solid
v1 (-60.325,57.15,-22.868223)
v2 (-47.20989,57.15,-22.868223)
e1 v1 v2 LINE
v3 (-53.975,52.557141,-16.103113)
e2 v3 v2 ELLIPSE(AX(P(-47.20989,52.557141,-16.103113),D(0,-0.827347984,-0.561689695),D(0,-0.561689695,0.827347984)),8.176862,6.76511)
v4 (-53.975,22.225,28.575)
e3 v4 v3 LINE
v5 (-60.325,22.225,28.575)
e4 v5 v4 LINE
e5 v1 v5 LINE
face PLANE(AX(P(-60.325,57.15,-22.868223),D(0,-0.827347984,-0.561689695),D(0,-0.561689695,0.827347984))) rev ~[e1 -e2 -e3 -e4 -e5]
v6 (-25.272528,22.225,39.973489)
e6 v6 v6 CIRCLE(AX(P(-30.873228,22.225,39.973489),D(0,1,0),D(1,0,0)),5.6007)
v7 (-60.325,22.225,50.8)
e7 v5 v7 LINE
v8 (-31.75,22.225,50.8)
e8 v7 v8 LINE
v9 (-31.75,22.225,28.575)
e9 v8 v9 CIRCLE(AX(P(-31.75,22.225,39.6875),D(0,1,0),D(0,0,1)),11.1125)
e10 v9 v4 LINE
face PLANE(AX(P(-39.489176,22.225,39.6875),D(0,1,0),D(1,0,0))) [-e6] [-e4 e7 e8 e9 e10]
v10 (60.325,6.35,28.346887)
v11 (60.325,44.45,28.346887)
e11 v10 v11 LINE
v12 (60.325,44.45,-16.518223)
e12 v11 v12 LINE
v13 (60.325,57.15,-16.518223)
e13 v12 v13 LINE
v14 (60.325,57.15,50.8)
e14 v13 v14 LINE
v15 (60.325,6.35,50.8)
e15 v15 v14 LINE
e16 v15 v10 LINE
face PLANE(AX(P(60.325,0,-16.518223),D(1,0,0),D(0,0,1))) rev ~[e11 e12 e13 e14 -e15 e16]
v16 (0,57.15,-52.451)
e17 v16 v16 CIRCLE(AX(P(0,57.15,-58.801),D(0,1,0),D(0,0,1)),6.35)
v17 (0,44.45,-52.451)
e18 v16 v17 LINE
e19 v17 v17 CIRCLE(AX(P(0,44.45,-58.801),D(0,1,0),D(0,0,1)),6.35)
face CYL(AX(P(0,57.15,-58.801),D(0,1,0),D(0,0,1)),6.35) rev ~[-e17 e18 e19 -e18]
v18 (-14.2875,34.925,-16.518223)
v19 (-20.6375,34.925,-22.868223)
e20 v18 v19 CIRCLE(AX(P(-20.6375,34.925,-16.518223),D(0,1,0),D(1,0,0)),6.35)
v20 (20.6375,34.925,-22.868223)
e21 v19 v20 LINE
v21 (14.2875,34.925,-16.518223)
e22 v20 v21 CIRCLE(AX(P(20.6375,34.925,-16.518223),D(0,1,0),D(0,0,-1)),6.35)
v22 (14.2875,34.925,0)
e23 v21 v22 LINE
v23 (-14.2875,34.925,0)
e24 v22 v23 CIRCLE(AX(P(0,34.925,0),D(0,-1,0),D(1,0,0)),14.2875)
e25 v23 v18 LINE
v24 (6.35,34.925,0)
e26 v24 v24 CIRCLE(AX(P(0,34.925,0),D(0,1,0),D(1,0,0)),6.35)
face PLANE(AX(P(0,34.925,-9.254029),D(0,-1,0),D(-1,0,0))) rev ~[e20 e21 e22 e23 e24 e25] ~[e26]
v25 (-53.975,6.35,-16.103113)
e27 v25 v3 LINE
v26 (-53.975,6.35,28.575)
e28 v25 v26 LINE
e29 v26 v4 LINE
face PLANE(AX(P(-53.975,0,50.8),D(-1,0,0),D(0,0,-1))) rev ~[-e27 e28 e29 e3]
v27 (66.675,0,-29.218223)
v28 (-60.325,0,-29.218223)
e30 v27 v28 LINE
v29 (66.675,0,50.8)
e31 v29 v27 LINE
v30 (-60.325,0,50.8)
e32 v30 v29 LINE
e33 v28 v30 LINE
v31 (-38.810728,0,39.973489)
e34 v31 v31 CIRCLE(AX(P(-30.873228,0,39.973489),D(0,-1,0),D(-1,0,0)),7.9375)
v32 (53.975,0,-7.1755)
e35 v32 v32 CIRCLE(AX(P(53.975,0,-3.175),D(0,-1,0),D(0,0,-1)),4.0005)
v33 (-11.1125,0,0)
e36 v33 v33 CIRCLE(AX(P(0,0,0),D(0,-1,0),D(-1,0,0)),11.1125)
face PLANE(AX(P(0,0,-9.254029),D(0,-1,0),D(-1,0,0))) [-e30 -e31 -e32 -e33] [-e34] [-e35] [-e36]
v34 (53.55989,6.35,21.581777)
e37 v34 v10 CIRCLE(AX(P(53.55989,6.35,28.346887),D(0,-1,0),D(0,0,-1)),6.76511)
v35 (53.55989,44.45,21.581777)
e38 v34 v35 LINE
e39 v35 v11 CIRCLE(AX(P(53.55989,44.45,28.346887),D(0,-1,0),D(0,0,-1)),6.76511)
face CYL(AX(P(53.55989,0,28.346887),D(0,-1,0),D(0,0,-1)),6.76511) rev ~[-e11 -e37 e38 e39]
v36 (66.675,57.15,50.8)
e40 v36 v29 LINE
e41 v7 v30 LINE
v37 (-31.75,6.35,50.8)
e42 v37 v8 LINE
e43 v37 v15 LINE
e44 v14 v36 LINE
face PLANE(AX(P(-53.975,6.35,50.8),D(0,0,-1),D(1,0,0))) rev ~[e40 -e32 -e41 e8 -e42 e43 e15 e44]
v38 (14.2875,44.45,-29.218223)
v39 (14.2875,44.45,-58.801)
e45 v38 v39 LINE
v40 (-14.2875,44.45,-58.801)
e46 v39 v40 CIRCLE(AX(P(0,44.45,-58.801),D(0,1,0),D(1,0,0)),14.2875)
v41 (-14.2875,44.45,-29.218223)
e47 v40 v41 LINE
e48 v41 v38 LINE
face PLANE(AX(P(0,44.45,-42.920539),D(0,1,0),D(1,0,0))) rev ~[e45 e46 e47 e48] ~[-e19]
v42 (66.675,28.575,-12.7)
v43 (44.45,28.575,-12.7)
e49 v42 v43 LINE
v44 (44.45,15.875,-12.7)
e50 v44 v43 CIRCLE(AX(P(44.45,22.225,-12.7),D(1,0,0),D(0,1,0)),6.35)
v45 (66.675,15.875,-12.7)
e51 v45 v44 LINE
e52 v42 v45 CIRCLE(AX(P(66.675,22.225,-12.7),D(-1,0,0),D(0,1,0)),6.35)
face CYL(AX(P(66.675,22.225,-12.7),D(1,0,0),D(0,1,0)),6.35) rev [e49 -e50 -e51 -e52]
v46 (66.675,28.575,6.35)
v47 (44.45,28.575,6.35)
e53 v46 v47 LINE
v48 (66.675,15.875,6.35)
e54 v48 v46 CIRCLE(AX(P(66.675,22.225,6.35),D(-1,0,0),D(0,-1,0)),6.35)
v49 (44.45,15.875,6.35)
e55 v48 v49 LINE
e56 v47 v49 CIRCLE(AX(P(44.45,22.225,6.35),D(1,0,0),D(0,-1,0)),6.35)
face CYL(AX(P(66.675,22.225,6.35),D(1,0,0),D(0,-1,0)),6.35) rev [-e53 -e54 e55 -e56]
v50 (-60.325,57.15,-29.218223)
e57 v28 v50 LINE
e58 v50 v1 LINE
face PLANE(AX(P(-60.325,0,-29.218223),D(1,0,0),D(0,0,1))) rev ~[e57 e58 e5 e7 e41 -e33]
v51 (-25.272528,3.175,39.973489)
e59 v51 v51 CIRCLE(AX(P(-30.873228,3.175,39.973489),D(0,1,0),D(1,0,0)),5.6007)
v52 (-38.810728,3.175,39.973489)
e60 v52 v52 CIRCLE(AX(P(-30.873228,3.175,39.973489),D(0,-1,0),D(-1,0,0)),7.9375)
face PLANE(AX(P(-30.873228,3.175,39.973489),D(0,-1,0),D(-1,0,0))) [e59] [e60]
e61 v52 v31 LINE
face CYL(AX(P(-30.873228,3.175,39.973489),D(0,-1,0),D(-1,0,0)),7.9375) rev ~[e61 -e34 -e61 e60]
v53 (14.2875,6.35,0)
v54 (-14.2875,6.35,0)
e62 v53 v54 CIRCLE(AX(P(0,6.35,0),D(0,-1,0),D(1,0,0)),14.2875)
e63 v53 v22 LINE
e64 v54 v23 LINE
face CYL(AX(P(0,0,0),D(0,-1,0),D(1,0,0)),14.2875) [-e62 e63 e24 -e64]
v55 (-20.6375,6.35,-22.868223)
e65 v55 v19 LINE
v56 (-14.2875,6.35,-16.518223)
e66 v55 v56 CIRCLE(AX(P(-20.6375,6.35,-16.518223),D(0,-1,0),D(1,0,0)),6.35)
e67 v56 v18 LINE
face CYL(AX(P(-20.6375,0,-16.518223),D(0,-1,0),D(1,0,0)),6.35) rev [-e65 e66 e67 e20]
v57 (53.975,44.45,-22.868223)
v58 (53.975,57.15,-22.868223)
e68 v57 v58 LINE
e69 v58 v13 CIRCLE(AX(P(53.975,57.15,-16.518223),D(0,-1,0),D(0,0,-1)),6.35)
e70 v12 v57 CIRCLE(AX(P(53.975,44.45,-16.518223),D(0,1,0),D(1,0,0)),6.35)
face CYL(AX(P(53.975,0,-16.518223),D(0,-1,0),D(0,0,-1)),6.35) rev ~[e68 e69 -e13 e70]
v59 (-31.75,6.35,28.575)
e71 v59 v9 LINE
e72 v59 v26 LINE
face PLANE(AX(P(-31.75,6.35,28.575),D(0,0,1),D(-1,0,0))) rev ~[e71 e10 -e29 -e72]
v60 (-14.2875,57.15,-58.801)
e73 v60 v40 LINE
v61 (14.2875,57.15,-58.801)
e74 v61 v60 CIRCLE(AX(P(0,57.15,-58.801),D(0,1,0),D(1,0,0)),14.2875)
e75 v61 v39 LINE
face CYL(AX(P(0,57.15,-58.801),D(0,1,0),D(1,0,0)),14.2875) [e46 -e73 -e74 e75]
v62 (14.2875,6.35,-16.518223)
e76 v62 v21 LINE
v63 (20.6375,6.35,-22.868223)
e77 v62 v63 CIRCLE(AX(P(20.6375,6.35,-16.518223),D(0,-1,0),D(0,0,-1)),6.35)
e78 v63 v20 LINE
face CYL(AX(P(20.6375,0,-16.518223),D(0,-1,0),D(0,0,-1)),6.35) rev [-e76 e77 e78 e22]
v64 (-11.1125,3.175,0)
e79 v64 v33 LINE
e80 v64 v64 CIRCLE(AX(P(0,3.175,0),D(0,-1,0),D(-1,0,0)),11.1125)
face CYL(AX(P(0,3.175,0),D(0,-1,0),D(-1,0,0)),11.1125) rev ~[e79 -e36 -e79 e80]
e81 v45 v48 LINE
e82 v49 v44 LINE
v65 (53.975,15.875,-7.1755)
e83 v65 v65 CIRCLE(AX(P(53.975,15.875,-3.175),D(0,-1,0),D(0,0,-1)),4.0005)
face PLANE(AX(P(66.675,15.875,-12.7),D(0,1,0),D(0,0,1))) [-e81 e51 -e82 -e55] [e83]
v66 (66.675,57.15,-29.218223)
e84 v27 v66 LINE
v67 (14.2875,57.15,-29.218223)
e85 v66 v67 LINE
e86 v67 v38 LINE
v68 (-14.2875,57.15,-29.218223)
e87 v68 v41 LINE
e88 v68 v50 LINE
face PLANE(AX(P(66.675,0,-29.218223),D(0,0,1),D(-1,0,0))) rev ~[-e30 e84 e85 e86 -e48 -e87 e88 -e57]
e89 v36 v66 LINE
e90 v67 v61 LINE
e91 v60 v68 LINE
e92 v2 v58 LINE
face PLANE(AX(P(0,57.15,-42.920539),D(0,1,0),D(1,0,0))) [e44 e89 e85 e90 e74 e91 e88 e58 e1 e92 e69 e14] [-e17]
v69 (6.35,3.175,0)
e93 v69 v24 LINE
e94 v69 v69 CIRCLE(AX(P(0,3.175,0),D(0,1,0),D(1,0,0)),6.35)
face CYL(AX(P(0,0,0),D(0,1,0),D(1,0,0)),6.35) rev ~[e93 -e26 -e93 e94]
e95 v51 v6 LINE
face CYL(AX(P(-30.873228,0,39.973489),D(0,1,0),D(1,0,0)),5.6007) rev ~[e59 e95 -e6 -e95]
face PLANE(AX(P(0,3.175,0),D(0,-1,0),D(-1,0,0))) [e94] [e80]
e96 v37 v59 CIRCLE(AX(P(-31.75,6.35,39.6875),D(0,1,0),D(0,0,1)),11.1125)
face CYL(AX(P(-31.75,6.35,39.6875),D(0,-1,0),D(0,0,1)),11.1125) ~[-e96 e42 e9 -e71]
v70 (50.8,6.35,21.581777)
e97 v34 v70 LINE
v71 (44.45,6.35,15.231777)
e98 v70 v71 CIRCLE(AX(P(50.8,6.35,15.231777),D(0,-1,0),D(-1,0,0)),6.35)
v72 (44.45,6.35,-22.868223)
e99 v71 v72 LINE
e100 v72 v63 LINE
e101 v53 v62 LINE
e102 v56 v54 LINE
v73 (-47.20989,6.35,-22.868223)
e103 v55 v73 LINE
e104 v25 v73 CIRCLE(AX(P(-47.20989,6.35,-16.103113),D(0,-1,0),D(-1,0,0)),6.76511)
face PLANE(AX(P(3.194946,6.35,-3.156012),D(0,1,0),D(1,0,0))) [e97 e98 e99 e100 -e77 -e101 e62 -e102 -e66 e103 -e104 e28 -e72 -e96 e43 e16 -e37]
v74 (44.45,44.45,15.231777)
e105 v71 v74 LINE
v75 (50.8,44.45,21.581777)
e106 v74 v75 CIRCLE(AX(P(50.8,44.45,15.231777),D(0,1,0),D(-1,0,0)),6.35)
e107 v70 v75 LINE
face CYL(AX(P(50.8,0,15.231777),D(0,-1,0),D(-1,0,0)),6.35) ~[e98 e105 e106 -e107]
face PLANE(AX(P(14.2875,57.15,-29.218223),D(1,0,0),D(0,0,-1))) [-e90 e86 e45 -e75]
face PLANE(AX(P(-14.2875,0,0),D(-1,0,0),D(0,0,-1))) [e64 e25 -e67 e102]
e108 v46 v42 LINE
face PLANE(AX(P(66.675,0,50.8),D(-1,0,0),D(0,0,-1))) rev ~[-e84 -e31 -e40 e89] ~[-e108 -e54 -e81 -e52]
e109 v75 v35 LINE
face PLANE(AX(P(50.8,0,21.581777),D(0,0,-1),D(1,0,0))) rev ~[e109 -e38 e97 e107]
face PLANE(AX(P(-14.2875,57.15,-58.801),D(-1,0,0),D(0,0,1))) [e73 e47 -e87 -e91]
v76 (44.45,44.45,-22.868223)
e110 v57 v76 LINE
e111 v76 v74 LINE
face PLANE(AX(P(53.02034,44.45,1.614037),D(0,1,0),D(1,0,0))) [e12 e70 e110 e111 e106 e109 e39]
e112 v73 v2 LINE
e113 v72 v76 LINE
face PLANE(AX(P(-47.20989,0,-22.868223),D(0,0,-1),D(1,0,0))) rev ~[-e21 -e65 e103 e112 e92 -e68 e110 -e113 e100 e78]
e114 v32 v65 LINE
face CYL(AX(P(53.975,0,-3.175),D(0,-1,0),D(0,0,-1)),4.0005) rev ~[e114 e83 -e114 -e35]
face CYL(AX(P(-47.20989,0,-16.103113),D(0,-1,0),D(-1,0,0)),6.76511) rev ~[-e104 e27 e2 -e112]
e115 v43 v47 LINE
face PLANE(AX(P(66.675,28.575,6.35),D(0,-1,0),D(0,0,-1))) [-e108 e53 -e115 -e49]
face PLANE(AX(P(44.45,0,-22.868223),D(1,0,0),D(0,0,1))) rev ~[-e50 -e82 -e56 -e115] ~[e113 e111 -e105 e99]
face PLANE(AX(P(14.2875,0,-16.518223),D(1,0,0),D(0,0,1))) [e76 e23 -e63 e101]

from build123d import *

# Parameters (mm, degrees)
BOSS_EXTRUDE1_DEPTH                                  = 6.35
BOSS_EXTRUDE2_DEPTH                                  = 57.15
BOSS_EXTRUDE3_DEPTH                                  = 44.45
BOSS_EXTRUDE4_DEPTH                                  = 34.925
SKETCH4_R                                            = 14.2875
SKETCH4_R_2                                          = 6.35
BOSS_EXTRUDE5_DEPTH                                  = 12.7
CUT_EXTRUDE1_REACH                                   = 159.28
BOSS_EXTRUDE6_DEPTH                                  = 15.875
CBORE_FOR_M5_CROSS_RECESS_PAN_HEAD_SCREW_D           = 11.2014
CBORE_FOR_M5_CROSS_RECESS_PAN_HEAD_SCREW_CBORE_D     = 15.875
CBORE_FOR_M5_CROSS_RECESS_PAN_HEAD_SCREW_CBORE_DEPTH = 3.175
CBORE_FOR_M5_CROSS_RECESS_PAN_HEAD_S_2_D             = 12.7
CBORE_FOR_M5_CROSS_RECESS_PAN_HEAD_S_2_CBORE_D       = 22.225
CBORE_FOR_M5_CROSS_RECESS_PAN_HEAD_S_2_CBORE_DEPTH   = 3.175
CUT_EXTRUDE3_REACH                                   = 159.28
CUT_EXTRUDE4_REACH                                   = 116.252
SKETCH18_R                                           = 4.0005


with BuildPart() as part:
    # Sketch1 → Boss-Extrude1 (new body)
    with BuildSketch(Plane(origin=(0, 0, 0), x_dir=(1, 0, 0), z_dir=(0, 1, 0))):
        with BuildLine():
            Line((60.325, 16.51822322), (60.325, -28.346886894))
            Line((60.325, -28.346886894), (60.325, -50.8))
            Line((60.325, -50.8), (66.675, -50.8))
            Line((66.675, -50.8), (66.675, 29.21822322))
            Line((66.675, 29.21822322), (-60.325, 29.21822322))
            Line((-60.325, 29.21822322), (-60.325, -50.8))
            Line((-60.325, -50.8), (-53.975, -50.8))
            Line((-53.975, -50.8), (-53.975, -44.45))
            Line((-53.975, -44.45), (-53.975, 16.103113106))
            ThreePointArc((-53.975, 16.103113106), (-51.993545123, 20.886768343), (-47.209889886, 22.86822322))
            Line((-47.209889886, 22.86822322), (-20.6375, 22.86822322))
            Line((-20.6375, 22.86822322), (20.6375, 22.86822322))
            Line((20.6375, 22.86822322), (44.45, 22.86822322))
            Line((44.45, 22.86822322), (53.975, 22.86822322))
            ThreePointArc((53.975, 22.86822322), (58.465128061, 21.00835128), (60.325, 16.51822322))
        make_face()
        with BuildLine():
            Line((60.325, -50.8), (60.325, -28.346886894))
            ThreePointArc((60.325, -28.346886894), (58.343545123, -23.563231657), (53.559889886, -21.58177678))
            Line((53.559889886, -21.58177678), (50.8, -21.58177678))
            ThreePointArc((50.8, -21.58177678), (46.309871939, -19.721904841), (44.45, -15.23177678))
            Line((44.45, -15.23177678), (44.45, 22.86822322))
            Line((44.45, 22.86822322), (20.6375, 22.86822322))
            ThreePointArc((20.6375, 22.86822322), (16.147371939, 21.00835128), (14.2875, 16.51822322))
            Line((14.2875, 16.51822322), (14.2875, 0))
            ThreePointArc((14.2875, 0), (0, -14.2875), (-14.2875, 0))
            Line((-14.2875, 0), (-14.2875, 16.51822322))
            ThreePointArc((-14.2875, 16.51822322), (-16.147371939, 21.00835128), (-20.6375, 22.86822322))
            Line((-20.6375, 22.86822322), (-47.209889886, 22.86822322))
            ThreePointArc((-47.209889886, 22.86822322), (-51.993545123, 20.886768343), (-53.975, 16.103113106))
            Line((-53.975, 16.103113106), (-53.975, -44.45))
            Line((-53.975, -44.45), (-53.975, -50.8))
            Line((-53.975, -50.8), (-47.625, -50.8))
            Line((-47.625, -50.8), (60.325, -50.8))
        make_face()
        with BuildLine():
            Line((-20.6375, 22.86822322), (20.6375, 22.86822322))
            ThreePointArc((20.6375, 22.86822322), (16.147371939, 21.00835128), (14.2875, 16.51822322))
            Line((14.2875, 16.51822322), (14.2875, 0))
            ThreePointArc((14.2875, 0), (0, -14.2875), (-14.2875, 0))
            Line((-14.2875, 0), (-14.2875, 16.51822322))
            ThreePointArc((-14.2875, 16.51822322), (-16.147371939, 21.00835128), (-20.6375, 22.86822322))
        make_face()
        with BuildLine():
            ThreePointArc((53.559889886, -21.58177678), (58.343545123, -23.563231657), (60.325, -28.346886894))
            Line((60.325, -28.346886894), (60.325, 16.51822322))
            ThreePointArc((60.325, 16.51822322), (58.465128061, 21.00835128), (53.975, 22.86822322))
            Line((53.975, 22.86822322), (44.45, 22.86822322))
            Line((44.45, 22.86822322), (44.45, -15.23177678))
            ThreePointArc((44.45, -15.23177678), (46.309871939, -19.721904841), (50.8, -21.58177678))
            Line((50.8, -21.58177678), (53.559889886, -21.58177678))
        make_face()
    extrude(amount=BOSS_EXTRUDE1_DEPTH)

    # Sketch1<4> → Boss-Extrude2 (add)
    with BuildSketch(Plane(origin=(0, 0, 0), x_dir=(1, 0, 0), z_dir=(0, 1, 0))):
        with BuildLine():
            Line((60.325, 16.51822322), (60.325, -28.346886894))
            Line((60.325, -28.346886894), (60.325, -50.8))
            Line((60.325, -50.8), (66.675, -50.8))
            Line((66.675, -50.8), (66.675, 29.21822322))
            Line((66.675, 29.21822322), (-60.325, 29.21822322))
            Line((-60.325, 29.21822322), (-60.325, -50.8))
            Line((-60.325, -50.8), (-53.975, -50.8))
            Line((-53.975, -50.8), (-53.975, -44.45))
            Line((-53.975, -44.45), (-53.975, 16.103113106))
            ThreePointArc((-53.975, 16.103113106), (-51.993545123, 20.886768343), (-47.209889886, 22.86822322))
            Line((-47.209889886, 22.86822322), (-20.6375, 22.86822322))
            Line((-20.6375, 22.86822322), (20.6375, 22.86822322))
            Line((20.6375, 22.86822322), (44.45, 22.86822322))
            Line((44.45, 22.86822322), (53.975, 22.86822322))
            ThreePointArc((53.975, 22.86822322), (58.465128061, 21.00835128), (60.325, 16.51822322))
        make_face()
    extrude(amount=BOSS_EXTRUDE2_DEPTH)

    # Sketch1<5> → Boss-Extrude3 (add)
    with BuildSketch(Plane(origin=(0, 0, 0), x_dir=(1, 0, 0), z_dir=(0, 1, 0))):
        with BuildLine():
            ThreePointArc((53.559889886, -21.58177678), (58.343545123, -23.563231657), (60.325, -28.346886894))
            Line((60.325, -28.346886894), (60.325, 16.51822322))
            ThreePointArc((60.325, 16.51822322), (58.465128061, 21.00835128), (53.975, 22.86822322))
            Line((53.975, 22.86822322), (44.45, 22.86822322))
            Line((44.45, 22.86822322), (44.45, -15.23177678))
            ThreePointArc((44.45, -15.23177678), (46.309871939, -19.721904841), (50.8, -21.58177678))
            Line((50.8, -21.58177678), (53.559889886, -21.58177678))
        make_face()
    extrude(amount=BOSS_EXTRUDE3_DEPTH)

    # Sketch1<6> → Boss-Extrude4 (add)
    with BuildSketch(Plane(origin=(0, 0, 0), x_dir=(1, 0, 0), z_dir=(0, 1, 0))):
        with BuildLine():
            Line((-20.6375, 22.86822322), (20.6375, 22.86822322))
            ThreePointArc((20.6375, 22.86822322), (16.147371939, 21.00835128), (14.2875, 16.51822322))
            Line((14.2875, 16.51822322), (14.2875, 0))
            ThreePointArc((14.2875, 0), (0, -14.2875), (-14.2875, 0))
            Line((-14.2875, 0), (-14.2875, 16.51822322))
            ThreePointArc((-14.2875, 16.51822322), (-16.147371939, 21.00835128), (-20.6375, 22.86822322))
        make_face()
    extrude(amount=BOSS_EXTRUDE4_DEPTH)

    # Sketch4 → Boss-Extrude5 (add)
    # profile 1 of 2: a face of its own
    with BuildSketch(Plane(origin=(0, 57.15, 0), x_dir=(1, 0, 0), z_dir=(0, 1, 0))):
        with BuildLine():
            ThreePointArc((14.2875, 58.801), (0, 44.5135), (-14.2875, 58.801))
            Line((-14.2875, 58.801), (-14.2875, 29.21822322))
            Line((-14.2875, 29.21822322), (14.2875, 29.21822322))
            Line((14.2875, 29.21822322), (14.2875, 58.801))
        make_face()
    # profile 2 of 2: a face of its own
    with BuildSketch(Plane(origin=(0, 57.15, 0), x_dir=(1, 0, 0), z_dir=(0, 1, 0))):
        with Locations((0, 58.801)):
            Circle(SKETCH4_R)
        with Locations(Location((0, 58.801, 0), (0, 0, 270))):
            Circle(SKETCH4_R_2, mode=Mode.SUBTRACT)
    extrude(amount=-BOSS_EXTRUDE5_DEPTH)

    # Sketch5 → Cut-Extrude1 (cut, up to next)
    with BuildSketch(Plane.ZY.offset(60.325), mode=Mode.PRIVATE) as cut_extrude1_sk1:
        Polygon((-22.86822322, 57.15), (28.575, 22.225), (50.8, 22.225), (50.8, 57.15), align=None)
    cut_extrude1_tool1 = extrude(cut_extrude1_sk1.sketch, amount=-CUT_EXTRUDE1_REACH, mode=Mode.PRIVATE) & part.part
    add(cut_extrude1_tool1.solids().sort_by_distance((-60.325, 42.810165, 24.526909))[0], mode=Mode.SUBTRACT)

    # Sketch6 → Boss-Extrude6 (add)
    with BuildSketch(Plane(origin=(0, 6.35, 0), x_dir=(1, 0, 0), z_dir=(0, 1, 0))):
        with BuildLine():
            Line((-31.75, -28.575), (-53.975, -28.575))
            Line((-53.975, -28.575), (-53.975, -50.8))
            Line((-53.975, -50.8), (-31.75, -50.8))
            ThreePointArc((-31.75, -50.8), (-20.6375, -39.6875), (-31.75, -28.575))
        make_face()
    extrude(amount=BOSS_EXTRUDE6_DEPTH)

    # CBORE for M5 Cross Recess Pan Head Screw (through all)
    with Locations(Plane(origin=(0, 0, 0), x_dir=(-1, 0, 0), z_dir=(0, -1, 0))):
        with Locations((30.873227599, -39.973489035)):
            CounterBoreHole(CBORE_FOR_M5_CROSS_RECESS_PAN_HEAD_SCREW_D / 2, CBORE_FOR_M5_CROSS_RECESS_PAN_HEAD_SCREW_CBORE_D / 2, CBORE_FOR_M5_CROSS_RECESS_PAN_HEAD_SCREW_CBORE_DEPTH)

    # CBORE for M5 Cross Recess Pan Head S 2 (through all)
    with Locations(Plane(origin=(0, 0, 0), x_dir=(-1, 0, 0), z_dir=(0, -1, 0))):
        with Locations((0, 0)):
            CounterBoreHole(CBORE_FOR_M5_CROSS_RECESS_PAN_HEAD_S_2_D / 2, CBORE_FOR_M5_CROSS_RECESS_PAN_HEAD_S_2_CBORE_D / 2, CBORE_FOR_M5_CROSS_RECESS_PAN_HEAD_S_2_CBORE_DEPTH)

    # Sketch16 → Cut-Extrude3 (cut, up to next)
    with BuildSketch(Plane(origin=(66.675, 0, 0), x_dir=(0, 0, -1), z_dir=(1, 0, 0)), mode=Mode.PRIVATE) as cut_extrude3_sk1:
        with BuildLine():
            Line((-6.35, 28.575), (12.7, 28.575))
            ThreePointArc((12.7, 28.575), (19.05, 22.225), (12.7, 15.875))
            Line((12.7, 15.875), (-6.35, 15.875))
            ThreePointArc((-6.35, 15.875), (-12.7, 22.225), (-6.35, 28.575))
        make_face()
    cut_extrude3_tool1 = extrude(cut_extrude3_sk1.sketch, amount=-CUT_EXTRUDE3_REACH, mode=Mode.PRIVATE) & part.part
    add(cut_extrude3_tool1.solids().sort_by_distance((66.675, 22.225, -3.175))[0], mode=Mode.SUBTRACT)

    # Sketch18 → Cut-Extrude4 (cut, up to next)
    with BuildSketch(Plane(origin=(0, 0, 0), x_dir=(-1, 0, 0), z_dir=(0, -1, 0)), mode=Mode.PRIVATE) as cut_extrude4_sk1:
        with Locations(Location((-53.975, 3.175, 0), (0, 0, 90))):
            Circle(SKETCH18_R)
    cut_extrude4_tool1 = extrude(cut_extrude4_sk1.sketch, amount=-CUT_EXTRUDE4_REACH, mode=Mode.PRIVATE) & part.part
    add(cut_extrude4_tool1.solids().sort_by_distance((53.975, 0, -3.175))[0], mode=Mode.SUBTRACT)


solid = part.part
